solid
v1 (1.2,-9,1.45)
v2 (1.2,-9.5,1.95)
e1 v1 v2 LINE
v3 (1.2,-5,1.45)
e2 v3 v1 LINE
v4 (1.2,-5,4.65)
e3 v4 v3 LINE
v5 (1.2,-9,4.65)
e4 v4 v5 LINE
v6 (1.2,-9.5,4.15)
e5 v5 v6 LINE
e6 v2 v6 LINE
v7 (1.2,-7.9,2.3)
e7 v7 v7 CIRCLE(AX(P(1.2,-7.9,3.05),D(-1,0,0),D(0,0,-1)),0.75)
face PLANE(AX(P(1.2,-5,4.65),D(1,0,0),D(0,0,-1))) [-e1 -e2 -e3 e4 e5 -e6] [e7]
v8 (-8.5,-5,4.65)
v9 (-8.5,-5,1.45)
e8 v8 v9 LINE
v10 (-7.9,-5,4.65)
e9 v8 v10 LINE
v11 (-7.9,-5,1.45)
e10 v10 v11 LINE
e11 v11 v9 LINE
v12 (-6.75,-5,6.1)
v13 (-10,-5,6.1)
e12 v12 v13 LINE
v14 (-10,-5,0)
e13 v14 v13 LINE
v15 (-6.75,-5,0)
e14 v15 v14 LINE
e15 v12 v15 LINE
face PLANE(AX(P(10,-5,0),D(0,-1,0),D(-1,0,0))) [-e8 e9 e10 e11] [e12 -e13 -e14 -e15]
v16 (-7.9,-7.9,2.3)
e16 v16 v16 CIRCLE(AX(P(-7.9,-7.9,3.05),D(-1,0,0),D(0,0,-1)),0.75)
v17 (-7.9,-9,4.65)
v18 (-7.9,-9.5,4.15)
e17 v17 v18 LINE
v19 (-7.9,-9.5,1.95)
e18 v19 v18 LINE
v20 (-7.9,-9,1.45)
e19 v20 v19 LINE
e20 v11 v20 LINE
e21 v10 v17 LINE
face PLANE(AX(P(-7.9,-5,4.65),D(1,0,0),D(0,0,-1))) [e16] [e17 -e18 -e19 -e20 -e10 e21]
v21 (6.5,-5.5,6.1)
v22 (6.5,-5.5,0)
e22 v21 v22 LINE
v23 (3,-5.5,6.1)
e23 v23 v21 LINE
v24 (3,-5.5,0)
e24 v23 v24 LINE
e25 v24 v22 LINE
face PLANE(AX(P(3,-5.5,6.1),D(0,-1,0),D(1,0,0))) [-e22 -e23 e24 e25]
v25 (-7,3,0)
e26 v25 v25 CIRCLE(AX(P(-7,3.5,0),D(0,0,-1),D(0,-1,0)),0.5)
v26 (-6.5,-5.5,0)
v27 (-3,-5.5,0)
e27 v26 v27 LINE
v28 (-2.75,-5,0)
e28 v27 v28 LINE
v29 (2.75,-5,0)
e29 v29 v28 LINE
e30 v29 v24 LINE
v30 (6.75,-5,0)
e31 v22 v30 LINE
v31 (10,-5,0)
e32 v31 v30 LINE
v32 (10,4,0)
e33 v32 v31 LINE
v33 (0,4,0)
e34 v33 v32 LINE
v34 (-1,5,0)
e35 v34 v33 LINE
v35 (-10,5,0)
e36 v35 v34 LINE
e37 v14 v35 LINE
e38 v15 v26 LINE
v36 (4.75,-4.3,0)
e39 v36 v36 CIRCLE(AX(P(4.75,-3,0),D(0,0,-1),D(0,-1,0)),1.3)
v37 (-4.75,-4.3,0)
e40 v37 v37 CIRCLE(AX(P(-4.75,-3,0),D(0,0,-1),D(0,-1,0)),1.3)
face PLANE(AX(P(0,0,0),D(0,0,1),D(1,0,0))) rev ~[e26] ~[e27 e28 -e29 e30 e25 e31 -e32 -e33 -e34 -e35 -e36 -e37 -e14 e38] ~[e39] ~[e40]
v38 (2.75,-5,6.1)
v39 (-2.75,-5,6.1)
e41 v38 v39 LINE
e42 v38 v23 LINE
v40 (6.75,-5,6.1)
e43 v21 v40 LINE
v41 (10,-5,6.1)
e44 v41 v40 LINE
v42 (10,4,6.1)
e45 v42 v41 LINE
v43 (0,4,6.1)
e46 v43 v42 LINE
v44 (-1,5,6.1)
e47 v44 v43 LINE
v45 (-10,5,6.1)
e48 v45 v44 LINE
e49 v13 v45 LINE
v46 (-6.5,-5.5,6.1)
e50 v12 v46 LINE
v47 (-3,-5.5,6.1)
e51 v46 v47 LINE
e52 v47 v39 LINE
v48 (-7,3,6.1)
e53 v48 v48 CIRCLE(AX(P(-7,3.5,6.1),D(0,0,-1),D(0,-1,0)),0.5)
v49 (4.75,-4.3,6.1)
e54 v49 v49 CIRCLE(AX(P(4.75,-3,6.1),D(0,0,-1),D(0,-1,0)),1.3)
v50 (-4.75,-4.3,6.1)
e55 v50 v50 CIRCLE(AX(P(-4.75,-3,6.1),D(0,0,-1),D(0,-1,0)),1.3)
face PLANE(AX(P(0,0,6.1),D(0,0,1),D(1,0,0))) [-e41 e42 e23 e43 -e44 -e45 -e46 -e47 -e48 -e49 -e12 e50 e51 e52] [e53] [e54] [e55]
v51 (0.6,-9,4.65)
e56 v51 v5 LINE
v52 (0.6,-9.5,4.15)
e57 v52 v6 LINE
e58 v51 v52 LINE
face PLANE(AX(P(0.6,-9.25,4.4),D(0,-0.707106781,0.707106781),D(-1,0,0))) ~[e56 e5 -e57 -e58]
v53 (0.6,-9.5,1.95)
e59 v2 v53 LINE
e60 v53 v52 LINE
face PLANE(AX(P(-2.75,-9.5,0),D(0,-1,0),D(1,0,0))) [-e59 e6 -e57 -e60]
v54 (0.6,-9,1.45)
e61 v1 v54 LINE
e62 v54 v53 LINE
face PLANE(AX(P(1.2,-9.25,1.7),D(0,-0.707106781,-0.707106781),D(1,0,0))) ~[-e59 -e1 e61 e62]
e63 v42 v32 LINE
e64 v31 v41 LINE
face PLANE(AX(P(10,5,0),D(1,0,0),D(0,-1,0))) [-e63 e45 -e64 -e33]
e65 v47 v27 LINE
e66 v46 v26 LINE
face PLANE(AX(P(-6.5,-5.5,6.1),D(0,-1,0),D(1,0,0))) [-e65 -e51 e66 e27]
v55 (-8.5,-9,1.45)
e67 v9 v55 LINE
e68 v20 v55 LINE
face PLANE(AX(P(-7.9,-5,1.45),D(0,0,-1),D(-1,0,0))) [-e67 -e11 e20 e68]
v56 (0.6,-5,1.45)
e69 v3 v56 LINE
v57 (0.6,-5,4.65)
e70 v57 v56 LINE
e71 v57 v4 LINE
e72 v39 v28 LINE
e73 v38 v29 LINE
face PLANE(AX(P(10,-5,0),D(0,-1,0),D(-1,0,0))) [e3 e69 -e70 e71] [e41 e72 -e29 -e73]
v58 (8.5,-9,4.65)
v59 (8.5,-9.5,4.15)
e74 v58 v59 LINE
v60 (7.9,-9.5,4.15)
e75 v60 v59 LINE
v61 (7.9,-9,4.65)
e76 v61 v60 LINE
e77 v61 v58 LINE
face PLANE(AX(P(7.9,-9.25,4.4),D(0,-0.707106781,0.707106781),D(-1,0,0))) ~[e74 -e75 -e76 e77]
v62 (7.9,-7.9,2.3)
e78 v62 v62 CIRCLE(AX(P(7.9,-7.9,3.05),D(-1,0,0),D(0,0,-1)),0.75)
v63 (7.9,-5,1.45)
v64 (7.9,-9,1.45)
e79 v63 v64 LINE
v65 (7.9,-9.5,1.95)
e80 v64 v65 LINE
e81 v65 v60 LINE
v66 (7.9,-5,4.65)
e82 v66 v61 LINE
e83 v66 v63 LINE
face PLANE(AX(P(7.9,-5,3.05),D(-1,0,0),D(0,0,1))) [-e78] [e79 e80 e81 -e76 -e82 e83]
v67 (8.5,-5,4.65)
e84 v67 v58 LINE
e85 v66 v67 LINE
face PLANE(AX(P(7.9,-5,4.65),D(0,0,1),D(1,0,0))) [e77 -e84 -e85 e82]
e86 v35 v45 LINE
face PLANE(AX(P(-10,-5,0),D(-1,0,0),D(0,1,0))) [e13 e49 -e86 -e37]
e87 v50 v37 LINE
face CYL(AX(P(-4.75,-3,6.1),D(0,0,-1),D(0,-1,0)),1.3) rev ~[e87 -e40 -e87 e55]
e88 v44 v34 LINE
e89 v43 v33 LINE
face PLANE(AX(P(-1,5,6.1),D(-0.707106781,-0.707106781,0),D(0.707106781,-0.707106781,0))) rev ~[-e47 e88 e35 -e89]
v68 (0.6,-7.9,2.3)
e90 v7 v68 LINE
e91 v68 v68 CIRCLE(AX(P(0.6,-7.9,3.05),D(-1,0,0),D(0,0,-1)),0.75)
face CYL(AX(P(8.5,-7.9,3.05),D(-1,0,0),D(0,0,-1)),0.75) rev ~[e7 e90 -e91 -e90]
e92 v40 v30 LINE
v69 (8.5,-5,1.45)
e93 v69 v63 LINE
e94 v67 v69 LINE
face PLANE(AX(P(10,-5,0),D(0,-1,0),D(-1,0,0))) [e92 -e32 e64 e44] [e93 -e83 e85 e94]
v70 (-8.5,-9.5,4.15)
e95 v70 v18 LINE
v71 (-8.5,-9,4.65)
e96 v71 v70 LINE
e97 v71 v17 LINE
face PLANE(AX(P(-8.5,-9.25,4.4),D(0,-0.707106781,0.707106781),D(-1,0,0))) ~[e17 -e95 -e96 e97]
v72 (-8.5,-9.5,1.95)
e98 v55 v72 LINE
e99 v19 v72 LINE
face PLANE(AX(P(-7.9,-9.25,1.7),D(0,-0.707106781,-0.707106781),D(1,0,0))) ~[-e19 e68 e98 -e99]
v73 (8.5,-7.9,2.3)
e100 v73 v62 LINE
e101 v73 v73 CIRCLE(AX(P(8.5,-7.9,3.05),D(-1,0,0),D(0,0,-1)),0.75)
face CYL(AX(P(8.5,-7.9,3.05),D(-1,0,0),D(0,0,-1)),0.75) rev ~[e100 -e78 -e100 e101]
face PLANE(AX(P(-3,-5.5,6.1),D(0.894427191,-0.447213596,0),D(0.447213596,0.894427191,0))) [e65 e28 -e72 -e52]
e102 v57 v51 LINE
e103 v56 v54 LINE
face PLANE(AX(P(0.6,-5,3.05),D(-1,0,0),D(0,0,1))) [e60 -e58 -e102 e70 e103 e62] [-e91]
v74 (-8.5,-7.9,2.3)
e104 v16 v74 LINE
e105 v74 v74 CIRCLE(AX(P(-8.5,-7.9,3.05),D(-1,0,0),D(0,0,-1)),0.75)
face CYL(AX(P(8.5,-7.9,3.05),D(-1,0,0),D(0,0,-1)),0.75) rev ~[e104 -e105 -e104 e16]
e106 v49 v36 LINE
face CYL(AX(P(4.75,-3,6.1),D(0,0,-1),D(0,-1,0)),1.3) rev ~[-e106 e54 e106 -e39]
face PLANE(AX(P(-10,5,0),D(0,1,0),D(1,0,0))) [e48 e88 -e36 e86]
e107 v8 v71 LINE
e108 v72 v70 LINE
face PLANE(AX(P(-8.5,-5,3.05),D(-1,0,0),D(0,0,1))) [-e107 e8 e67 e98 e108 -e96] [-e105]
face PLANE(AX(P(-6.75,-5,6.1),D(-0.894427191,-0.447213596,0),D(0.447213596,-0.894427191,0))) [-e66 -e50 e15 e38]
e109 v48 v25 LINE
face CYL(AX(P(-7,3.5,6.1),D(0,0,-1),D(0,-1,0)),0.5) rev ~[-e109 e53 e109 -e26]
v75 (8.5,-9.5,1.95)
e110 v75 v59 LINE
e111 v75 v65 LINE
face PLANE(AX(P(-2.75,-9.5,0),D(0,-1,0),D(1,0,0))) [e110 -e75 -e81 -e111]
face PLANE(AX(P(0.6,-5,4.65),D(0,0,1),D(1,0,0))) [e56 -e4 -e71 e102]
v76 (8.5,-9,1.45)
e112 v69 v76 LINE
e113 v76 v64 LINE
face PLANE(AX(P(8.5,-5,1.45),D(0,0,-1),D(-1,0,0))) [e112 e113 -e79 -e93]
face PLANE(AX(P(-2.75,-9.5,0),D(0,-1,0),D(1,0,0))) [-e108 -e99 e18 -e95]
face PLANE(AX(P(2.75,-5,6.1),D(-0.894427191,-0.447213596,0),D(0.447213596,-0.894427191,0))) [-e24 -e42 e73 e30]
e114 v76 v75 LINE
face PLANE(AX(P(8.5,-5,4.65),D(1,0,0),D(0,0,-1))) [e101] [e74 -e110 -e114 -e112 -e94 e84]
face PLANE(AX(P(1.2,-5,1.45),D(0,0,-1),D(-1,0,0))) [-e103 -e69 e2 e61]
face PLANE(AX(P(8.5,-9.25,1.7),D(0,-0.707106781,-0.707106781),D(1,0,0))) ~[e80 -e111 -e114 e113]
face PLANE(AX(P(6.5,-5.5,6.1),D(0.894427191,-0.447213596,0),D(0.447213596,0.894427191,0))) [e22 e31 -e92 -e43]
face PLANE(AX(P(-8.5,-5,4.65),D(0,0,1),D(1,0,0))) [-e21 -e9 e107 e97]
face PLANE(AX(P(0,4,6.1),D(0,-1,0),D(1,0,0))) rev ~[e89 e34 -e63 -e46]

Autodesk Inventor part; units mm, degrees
ref_plane "YZ Plane" through (0, 0, 0) normal (1, 0, 0) x (0, 1, 0)
ref_plane "XZ Plane" through (0, 0, 0) normal (0, 1, 0) x (-1, 0, 0)
ref_plane "XY Plane" through (0, 0, 0) normal (0, 0, 1) x (1, 0, 0)
sketch "Sketch1" plane through (0, 0, 0) normal (0, 0, 1) x (1, 0, 0)
  line L0 (-10, 5) -> (10, 5)
  line L1 (10, 5) -> (10, -5)
  line L2 (10, -5) -> (-10, -5)
  line L3 (-10, -5) -> (-10, 5)
  point P0 (0, 0)
  dimension "d0" = 20
  dimension "d1" = 10
  dimension "d2" = 10
  dimension "d3" = 5
extrude "Extrusion1" add sketch "Sketch1" along normal blind 6.1
sketch "Sketch2" plane through (0, 0, 6.1) normal (0, 0, 1) x (1, 0, 0)
  line L0 (10, 5) -> (-10, 5) projected
  line L1 (-1, 5) -> (0, 4)
  line L2 (0, 4) -> (10, 4)
  line L3 (10, -5) -> (10, 5) projected
  line L4 (10, 5) -> (10, 4)
  line L5 (-1, 5) -> (10, 5)
  point P0 (0, 0)
  dimension "d6" = 10
  dimension "d7" = 1
  dimension "d8" = 1
extrude "Extrusion2" cut sketch "Sketch2" against normal through all
sketch "Sketch3" plane through (0, 0, 6.1) normal (0, 0, 1) x (1, 0, 0)
  line L0 (-10, 5) -> (-10, -5) projected
  line L1 (10, -5) -> (10, 4) projected
  line L2 (-10, -5) -> (10, -5) projected
  point P0 (0, 0)
  point P1 (-4.75, -3)
  point P2 (4.75, -3)
  dimension "d36" = 5.25
  dimension "d38" = 2
  dimension "d39" = 2
  dimension "d41" = 9.5
sketch "Sketch4" plane through (0, 0, 6.1) normal (0, 0, 1) x (1, 0, 0)
  line L0 (-10, -5) -> (10, -5) projected
  line L1 (-10, 5) -> (-10, -5) projected
  line L2 (-6.75, -5) -> (-6.5, -5.5)
  line L3 (-6.5, -5.5) -> (-3, -5.5)
  line L4 (-3, -5.5) -> (-2.75, -5)
  line L5 (-6.75, -5) -> (-2.75, -5)
  line L6 (2.75, -5) -> (3, -5.5)
  line L7 (3, -5.5) -> (6.5, -5.5)
  line L8 (6.5, -5.5) -> (6.75, -5)
  line L9 (2.75, -5) -> (6.75, -5)
  line L10 (10, -5) -> (10, 4) projected
  point P0 (0, 0)
  point P1 (6.75, -5)
  dimension "d16" = 0.5
  dimension "d17" = 4
  dimension "d19" = 3.5
  dimension "d20" = 0.25
  dimension "d22" = 4
  dimension "d23" = 3.5
  dimension "d24" = 0.25
  dimension "d25" = 0.5
  dimension "d26" = 0
  dimension "d40" = 3.5
  dimension "d43" = 3.5
extrude "Extrusion3" add sketch "Sketch4" against normal blind 6.1
hole "Hole1" at (-4.75, -3, 6.1) at (4.75, -3, 6.1) direction (0, 0, -1) diameter 2.6 end through all
sketch "Sketch5" plane through (-2.75, -5, 0) normal (0, -1, 0) x (1, 0, 0)
  line L0 (-7.25, 0) -> (-7.25, 6.1) projected
  line L1 (-7.25, 3.05) -> (12.75, 3.05)
  line L2 (12.75, 0) -> (12.75, 6.1) projected
  line L3 (-5.15, 1.45) -> (-5.75, 1.45)
  line L4 (-5.75, 1.45) -> (-5.75, 4.65)
  line L5 (-5.75, 4.65) -> (-5.15, 4.65)
  line L6 (-5.15, 4.65) -> (-5.15, 1.45)
  line L7 (-5.15, 1.45) -> (-5.75, 4.65) construction
  line L8 (-5.75, 1.45) -> (-5.15, 4.65) construction
  line L9 (3.95, 1.45) -> (3.35, 1.45)
  line L10 (3.35, 1.45) -> (3.35, 4.65)
  line L11 (3.35, 4.65) -> (3.95, 4.65)
  line L12 (3.95, 4.65) -> (3.95, 1.45)
  line L13 (3.95, 1.45) -> (3.35, 4.65) construction
  line L14 (3.35, 1.45) -> (3.95, 4.65) construction
  line L15 (11.25, 1.45) -> (10.65, 1.45)
  line L16 (10.65, 1.45) -> (10.65, 4.65)
  line L17 (10.65, 4.65) -> (11.25, 4.65)
  line L18 (11.25, 4.65) -> (11.25, 1.45)
  line L19 (11.25, 1.45) -> (10.65, 4.65) construction
  line L20 (10.65, 1.45) -> (11.25, 4.65) construction
  point P0 (2.75, 0)
  point P1 (-5.45, 3.05)
  point P2 (3.65, 3.05)
  point P3 (10.95, 3.05)
  dimension "d44" = 3.2
  dimension "d45" = 0.6
  dimension "d46" = 0.6
  dimension "d47" = 0.6
  dimension "d48" = 1.5
  dimension "d49" = 1.5
  dimension "d50" = 8.5
extrude "Extrusion4" add sketch "Sketch5" along normal blind 4.5
chamfer "Chamfer1" distance 0.5 angle 45 6 edges at (-8.2, -9.5, 4.65) (-8.2, -9.5, 1.45) (0.9, -9.5, 4.65) (0.9, -9.5, 1.45) (8.2, -9.5, 4.65) (8.2, -9.5, 1.45)
sketch "Sketch6" plane through (8.5, -5, 4.65) normal (1, 0, 0) x (0, 0, -1)
  line L0 (3.2, 0) -> (3.2, -4) projected
  line L1 (2.7, -4.5) -> (0.5, -4.5) projected
  point P0 (4.65, 5)
  point P1 (1.6, -2.9)
  dimension "d56" = 1.6
  dimension "d57" = 1.6
hole "Hole2" at (8.5, -7.9, 3.05) direction (-1, 0, 0) diameter 1.5 end through all
sketch "Sketch7" plane through (0, 0, 6.1) normal (0, 0, 1) x (1, 0, 0)
  line L0 (-10, 5) -> (-10, -5) projected
  line L1 (-1, 5) -> (-10, 5) projected
  point P0 (0, 0)
  point P1 (-7, 3.5)
  dimension "d65" = 3
  dimension "d66" = 1.5
hole "Hole3" at (-7, 3.5, 6.1) direction (0, 0, -1) diameter 1 end through all
